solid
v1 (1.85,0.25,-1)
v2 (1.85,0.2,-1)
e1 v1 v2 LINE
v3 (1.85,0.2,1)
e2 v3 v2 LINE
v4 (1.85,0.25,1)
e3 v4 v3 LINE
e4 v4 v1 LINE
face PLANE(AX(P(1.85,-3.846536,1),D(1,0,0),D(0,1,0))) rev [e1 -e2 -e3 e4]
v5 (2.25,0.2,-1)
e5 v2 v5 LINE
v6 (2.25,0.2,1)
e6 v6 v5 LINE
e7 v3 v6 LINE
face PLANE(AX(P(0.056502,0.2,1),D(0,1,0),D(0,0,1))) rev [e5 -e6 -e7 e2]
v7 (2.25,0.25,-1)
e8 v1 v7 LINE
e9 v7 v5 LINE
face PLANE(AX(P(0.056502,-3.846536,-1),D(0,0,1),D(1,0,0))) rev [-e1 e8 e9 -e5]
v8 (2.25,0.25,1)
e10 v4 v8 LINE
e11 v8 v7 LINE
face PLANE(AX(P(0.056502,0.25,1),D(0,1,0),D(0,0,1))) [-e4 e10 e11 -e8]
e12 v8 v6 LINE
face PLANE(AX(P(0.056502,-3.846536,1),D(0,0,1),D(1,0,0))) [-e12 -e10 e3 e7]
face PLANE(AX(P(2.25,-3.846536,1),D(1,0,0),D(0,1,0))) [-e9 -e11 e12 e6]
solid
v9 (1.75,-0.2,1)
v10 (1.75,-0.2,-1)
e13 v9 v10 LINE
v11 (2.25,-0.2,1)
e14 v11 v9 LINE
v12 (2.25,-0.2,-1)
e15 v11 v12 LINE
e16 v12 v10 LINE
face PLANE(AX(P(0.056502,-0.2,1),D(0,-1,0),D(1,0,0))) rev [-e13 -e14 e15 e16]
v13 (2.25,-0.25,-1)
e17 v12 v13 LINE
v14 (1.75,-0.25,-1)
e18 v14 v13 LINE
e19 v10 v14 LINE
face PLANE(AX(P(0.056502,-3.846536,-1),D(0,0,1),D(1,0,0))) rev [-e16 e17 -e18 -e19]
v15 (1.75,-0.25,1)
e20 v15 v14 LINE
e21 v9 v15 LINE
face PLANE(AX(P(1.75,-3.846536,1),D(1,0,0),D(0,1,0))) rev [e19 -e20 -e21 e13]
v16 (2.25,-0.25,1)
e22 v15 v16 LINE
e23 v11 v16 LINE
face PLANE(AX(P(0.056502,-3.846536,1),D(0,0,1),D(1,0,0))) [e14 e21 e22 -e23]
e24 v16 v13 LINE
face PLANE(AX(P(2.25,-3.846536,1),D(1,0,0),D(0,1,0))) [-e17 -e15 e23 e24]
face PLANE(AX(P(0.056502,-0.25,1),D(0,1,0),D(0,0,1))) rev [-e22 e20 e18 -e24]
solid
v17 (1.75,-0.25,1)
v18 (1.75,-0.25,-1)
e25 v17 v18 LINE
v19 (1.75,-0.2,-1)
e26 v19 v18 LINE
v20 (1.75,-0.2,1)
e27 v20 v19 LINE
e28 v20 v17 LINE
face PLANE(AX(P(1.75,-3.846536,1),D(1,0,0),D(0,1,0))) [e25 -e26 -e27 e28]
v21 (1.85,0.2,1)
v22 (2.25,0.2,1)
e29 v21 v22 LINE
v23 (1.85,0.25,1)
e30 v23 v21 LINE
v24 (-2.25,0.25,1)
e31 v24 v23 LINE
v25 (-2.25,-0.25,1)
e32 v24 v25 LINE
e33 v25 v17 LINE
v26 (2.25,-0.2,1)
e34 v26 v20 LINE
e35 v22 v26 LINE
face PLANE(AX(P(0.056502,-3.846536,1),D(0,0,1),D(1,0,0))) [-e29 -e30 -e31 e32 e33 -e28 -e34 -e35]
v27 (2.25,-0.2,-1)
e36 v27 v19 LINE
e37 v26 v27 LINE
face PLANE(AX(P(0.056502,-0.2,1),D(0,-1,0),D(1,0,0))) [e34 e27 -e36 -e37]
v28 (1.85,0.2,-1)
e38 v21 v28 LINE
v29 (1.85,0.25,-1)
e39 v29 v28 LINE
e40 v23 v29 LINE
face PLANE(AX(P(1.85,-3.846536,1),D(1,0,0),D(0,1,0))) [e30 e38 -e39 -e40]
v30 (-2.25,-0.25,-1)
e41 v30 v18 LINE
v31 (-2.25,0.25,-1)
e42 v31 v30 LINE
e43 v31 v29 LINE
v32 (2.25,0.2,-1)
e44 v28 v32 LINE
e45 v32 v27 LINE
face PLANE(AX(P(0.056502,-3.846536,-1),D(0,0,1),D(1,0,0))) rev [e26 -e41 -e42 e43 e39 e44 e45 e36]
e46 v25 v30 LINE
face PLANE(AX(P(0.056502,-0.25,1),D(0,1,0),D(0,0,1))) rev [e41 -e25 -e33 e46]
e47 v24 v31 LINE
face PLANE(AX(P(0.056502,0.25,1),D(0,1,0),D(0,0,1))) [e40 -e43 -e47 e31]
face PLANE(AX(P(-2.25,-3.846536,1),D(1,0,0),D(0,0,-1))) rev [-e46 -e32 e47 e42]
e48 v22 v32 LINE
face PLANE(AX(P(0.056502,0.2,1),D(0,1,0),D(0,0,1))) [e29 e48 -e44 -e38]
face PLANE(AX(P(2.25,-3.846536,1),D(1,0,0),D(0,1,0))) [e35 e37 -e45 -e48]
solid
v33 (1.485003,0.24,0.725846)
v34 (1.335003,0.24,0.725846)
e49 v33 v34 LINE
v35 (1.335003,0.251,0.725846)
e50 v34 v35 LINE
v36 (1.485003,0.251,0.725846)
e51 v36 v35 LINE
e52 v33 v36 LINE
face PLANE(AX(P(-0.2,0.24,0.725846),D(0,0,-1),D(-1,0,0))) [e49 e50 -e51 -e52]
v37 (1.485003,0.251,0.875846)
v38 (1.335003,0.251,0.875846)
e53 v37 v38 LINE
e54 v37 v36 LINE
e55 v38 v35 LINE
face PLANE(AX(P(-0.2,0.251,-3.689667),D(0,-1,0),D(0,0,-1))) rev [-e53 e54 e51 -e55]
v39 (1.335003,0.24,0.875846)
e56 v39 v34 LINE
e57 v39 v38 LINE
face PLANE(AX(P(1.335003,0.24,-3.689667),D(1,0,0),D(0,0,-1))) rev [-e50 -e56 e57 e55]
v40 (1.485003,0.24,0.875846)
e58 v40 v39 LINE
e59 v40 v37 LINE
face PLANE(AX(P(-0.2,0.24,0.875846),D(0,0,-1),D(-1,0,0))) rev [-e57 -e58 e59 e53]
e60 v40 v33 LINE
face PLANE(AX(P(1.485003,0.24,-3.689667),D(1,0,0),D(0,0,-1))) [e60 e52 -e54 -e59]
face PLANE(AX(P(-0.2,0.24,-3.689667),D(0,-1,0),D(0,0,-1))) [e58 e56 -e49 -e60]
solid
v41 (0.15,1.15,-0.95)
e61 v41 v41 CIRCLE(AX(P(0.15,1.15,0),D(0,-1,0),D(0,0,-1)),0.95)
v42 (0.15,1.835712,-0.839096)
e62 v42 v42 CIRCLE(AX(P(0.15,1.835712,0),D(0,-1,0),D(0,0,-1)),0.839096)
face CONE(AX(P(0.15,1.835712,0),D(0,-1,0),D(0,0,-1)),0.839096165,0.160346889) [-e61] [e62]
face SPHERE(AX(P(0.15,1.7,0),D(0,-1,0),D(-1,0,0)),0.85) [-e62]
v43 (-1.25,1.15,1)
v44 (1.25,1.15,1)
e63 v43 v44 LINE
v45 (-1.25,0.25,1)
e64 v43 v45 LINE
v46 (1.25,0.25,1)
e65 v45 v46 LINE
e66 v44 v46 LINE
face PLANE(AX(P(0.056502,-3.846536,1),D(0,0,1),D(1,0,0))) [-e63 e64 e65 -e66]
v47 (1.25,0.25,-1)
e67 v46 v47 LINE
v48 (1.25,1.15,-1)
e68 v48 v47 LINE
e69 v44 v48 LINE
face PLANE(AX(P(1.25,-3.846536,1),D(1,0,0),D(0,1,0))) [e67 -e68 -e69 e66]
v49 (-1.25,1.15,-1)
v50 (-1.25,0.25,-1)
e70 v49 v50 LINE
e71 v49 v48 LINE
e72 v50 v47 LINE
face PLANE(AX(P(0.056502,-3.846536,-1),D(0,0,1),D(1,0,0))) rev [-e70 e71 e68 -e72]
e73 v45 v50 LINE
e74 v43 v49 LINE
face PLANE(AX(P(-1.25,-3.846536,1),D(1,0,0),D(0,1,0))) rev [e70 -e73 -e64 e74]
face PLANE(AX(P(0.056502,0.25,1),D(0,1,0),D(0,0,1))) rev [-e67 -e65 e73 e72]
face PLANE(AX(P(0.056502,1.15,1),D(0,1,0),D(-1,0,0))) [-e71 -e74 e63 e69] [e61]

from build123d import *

# Parameters (mm, degrees)
EXTRUDE1_DEPTH      = 1
EXTRUDE2_DEPTH      = 1
SKETCH1_5_W         = 0.4
SKETCH1_5_H         = 0.05
EXTRUDE3_DEPTH      = 1
SKETCH1_5_W_2       = 0.5
EXTRUDE3_2_DEPTH    = 1
SKETCH2_W           = 0.15
SKETCH2_H           = 0.15
EXTRUDE4_DEPTH      = 0.001
EXTRUDE4_DEPTH_BACK = 0.01


with BuildPart() as part:
    # Sketch1 → Extrude1 (new body, symmetric)
    with BuildSketch(Plane.XY):
        Polygon((-1.25, 0.25), (-2.25, 0.25), (-2.25, -0.25), (1.75, -0.25), (1.75, -0.2), (2.25, -0.2), (2.25, 0.2), (1.85, 0.2), (1.85, 0.25), (1.25, 0.25), align=None)
    extrude(amount=EXTRUDE1_DEPTH, both=True)


with BuildPart() as body_2:
    # Sketch1_3 → Extrude2 (new body, symmetric)
    with BuildSketch(Plane.XY):
        Polygon((-1.25, 1.15), (-1.25, 0.25), (1.25, 0.25), (1.25, 1.15), (1.1, 1.15), (0.15, 1.15), align=None)
    extrude(amount=EXTRUDE2_DEPTH, both=True)

    # Sketch1_4 → Revolve1 (revolve)
    with BuildSketch(Plane.XY, mode=Mode.PRIVATE) as revolve1_sk:
        with BuildLine():
            Line((0.15, 2.55), (0.15, 1.15))
            Line((0.15, 1.15), (1.1, 1.15))
            Line((1.1, 1.15), (0.989096165, 1.835711557))
            ThreePointArc((0.989096165, 1.835711557), (0.700974217, 2.347246021), (0.15, 2.55))
        make_face()
    revolve(revolve1_sk.sketch.rotate(Axis((0.15, 1.15, 0), (0, 1, 0)), 180), axis=Axis((0.15, 1.15, 0), (0, 1, 0)))  # turned: the seam where the file's is


with BuildPart() as body_3:
    # Sketch1_5 → Extrude3 (new body, symmetric)
    with BuildSketch(Plane.XY):
        with Locations((2.05, 0.225)):
            Rectangle(SKETCH1_5_W, SKETCH1_5_H)
    extrude(amount=EXTRUDE3_DEPTH, both=True)


with BuildPart() as body_4:
    # Sketch1_5 → Extrude3 2 (new body, symmetric)
    with BuildSketch(Plane.XY):
        with Locations((2, -0.225)):
            Rectangle(SKETCH1_5_W_2, SKETCH1_5_H)
    extrude(amount=EXTRUDE3_2_DEPTH, both=True)


with BuildPart() as body_5:
    # Sketch2 → Extrude4 (new body, two sides)
    with BuildSketch(Plane(origin=(0, 0.25, 0), x_dir=(-1, 0, 0), z_dir=(0, 1, 0))) as extrude4_sk:
        with Locations((-1.410003, 0.800846333)):
            Rectangle(SKETCH2_W, SKETCH2_H)
    extrude(amount=EXTRUDE4_DEPTH)
    extrude(extrude4_sk.sketch, amount=-EXTRUDE4_DEPTH_BACK)


solid = Compound([part.part, body_2.part, body_3.part, body_4.part, body_5.part])
